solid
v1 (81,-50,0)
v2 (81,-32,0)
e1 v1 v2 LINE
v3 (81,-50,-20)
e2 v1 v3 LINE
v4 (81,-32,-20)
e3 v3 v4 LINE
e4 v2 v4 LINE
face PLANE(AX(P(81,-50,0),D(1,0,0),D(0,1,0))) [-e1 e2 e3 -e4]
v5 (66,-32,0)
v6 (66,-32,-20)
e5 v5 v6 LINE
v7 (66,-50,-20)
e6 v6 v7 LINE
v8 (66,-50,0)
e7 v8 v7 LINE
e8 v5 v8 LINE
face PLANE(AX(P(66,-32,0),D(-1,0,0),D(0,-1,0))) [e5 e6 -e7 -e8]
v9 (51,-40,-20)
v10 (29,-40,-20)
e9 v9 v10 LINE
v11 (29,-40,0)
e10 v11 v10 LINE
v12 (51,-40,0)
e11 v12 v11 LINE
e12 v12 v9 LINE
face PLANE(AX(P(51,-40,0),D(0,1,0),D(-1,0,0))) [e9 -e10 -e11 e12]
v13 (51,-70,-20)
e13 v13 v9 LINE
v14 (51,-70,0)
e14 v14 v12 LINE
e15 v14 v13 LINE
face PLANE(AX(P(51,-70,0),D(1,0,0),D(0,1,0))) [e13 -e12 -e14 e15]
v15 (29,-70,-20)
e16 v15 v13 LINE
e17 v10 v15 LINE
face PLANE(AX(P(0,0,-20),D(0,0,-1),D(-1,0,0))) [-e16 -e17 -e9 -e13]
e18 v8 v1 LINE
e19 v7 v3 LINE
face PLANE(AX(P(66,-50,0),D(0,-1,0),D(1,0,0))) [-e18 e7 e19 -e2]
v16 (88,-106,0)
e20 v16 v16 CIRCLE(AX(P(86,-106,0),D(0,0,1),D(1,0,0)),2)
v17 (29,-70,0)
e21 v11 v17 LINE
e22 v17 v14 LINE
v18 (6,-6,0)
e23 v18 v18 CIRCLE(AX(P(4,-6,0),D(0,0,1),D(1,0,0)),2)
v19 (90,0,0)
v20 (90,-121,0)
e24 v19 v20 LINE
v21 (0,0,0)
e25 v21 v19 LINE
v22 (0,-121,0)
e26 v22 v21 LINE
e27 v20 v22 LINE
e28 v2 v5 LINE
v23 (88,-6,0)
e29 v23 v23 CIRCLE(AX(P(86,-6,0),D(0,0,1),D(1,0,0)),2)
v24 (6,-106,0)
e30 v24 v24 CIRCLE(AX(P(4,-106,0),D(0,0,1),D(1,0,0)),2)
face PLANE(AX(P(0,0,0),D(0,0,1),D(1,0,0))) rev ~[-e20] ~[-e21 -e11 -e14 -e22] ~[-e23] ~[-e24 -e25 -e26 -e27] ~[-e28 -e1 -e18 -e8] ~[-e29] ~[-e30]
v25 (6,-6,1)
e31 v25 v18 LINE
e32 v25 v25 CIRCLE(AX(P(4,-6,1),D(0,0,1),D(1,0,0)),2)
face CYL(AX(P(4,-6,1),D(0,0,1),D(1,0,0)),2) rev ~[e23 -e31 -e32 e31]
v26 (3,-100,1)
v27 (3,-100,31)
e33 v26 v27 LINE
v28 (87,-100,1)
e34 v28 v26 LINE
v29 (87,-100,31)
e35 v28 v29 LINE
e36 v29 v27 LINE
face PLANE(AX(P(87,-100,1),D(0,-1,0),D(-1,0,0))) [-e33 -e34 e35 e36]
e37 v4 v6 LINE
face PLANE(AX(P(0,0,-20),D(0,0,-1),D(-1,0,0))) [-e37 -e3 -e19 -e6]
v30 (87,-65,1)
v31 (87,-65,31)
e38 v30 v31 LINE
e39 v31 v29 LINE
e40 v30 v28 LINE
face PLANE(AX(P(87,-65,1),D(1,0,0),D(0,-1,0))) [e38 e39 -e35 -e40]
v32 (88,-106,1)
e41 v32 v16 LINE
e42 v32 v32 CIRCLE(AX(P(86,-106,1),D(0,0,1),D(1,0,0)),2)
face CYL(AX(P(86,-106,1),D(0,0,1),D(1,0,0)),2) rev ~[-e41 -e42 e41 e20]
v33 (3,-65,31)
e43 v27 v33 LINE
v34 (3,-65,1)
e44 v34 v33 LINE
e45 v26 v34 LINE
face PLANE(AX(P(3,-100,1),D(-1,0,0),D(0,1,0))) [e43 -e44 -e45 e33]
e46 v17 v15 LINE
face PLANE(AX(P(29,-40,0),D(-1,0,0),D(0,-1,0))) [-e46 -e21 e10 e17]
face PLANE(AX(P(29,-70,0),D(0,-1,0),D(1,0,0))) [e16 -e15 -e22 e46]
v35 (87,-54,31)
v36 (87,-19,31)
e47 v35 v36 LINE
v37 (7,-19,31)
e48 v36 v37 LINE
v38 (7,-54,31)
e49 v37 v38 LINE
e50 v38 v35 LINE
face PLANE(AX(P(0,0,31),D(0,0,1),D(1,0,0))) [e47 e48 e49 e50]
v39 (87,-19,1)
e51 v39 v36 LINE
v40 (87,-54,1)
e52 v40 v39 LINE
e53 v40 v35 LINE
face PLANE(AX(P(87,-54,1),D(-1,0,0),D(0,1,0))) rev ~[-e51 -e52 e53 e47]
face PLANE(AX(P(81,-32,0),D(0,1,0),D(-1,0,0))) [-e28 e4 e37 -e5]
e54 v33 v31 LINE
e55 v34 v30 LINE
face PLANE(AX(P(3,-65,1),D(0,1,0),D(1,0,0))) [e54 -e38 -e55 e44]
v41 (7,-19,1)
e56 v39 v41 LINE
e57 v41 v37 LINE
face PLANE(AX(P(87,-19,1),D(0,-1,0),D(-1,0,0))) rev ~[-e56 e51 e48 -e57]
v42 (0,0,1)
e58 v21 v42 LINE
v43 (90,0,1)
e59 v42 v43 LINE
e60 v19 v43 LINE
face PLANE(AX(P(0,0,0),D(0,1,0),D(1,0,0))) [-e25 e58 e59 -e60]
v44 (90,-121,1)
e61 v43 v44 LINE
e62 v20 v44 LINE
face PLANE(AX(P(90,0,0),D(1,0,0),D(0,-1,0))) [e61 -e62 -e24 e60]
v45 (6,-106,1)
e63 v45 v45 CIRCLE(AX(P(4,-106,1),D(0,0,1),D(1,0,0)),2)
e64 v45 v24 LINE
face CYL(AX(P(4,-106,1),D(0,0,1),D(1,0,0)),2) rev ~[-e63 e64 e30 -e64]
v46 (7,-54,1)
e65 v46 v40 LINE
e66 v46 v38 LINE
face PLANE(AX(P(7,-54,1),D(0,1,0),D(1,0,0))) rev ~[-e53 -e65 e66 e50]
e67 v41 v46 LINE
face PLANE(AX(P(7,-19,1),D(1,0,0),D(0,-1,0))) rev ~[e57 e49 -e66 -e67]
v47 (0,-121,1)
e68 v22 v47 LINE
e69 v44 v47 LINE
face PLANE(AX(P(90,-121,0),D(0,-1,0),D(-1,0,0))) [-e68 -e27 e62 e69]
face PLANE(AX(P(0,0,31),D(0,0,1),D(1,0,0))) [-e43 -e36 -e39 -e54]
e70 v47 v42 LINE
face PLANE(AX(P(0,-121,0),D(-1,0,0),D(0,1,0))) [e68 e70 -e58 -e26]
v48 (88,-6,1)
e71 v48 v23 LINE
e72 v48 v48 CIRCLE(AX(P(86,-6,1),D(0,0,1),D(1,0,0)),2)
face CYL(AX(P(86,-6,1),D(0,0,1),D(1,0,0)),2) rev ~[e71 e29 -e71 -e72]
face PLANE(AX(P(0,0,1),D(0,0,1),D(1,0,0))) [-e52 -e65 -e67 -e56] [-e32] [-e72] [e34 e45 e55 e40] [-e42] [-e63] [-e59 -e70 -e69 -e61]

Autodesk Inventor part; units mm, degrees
ref_plane "YZ Plane" through (0, 0, 0) normal (1, 0, 0) x (0, 1, 0)
ref_plane "XZ Plane" through (0, 0, 0) normal (0, 1, 0) x (-1, 0, 0)
ref_plane "XY Plane" through (0, 0, 0) normal (0, 0, 1) x (1, 0, 0)
sketch "Schizzo1" plane through (0, 0, 0) normal (0, 0, 1) x (1, 0, 0)
  line L0 (0, 0) -> (90, 0)
  line L1 (90, 0) -> (90, -121)
  line L2 (90, -121) -> (0, -121)
  line L3 (0, -121) -> (0, 0)
  dimension "d0" = 90
  dimension "d1" = 121
extrude "Estrusione1" add sketch "Schizzo1" along normal blind 1
sketch "Schizzo2" plane through (0, 0, 0) normal (0, 0, -1) x (-1, 0, 0)
  line L0 (-90, 0) -> (-90, -32)
  line L1 (-90, -121) -> (-90, 0) projected
  line L2 (-81, -32) -> (-66, -32)
  line L3 (-66, -32) -> (-66, -50)
  line L4 (-66, -50) -> (-81, -50)
  line L5 (-81, -50) -> (-81, -32)
  line L6 (-90, 0) -> (-90, -40)
  line L7 (-51, -40) -> (-29, -40)
  line L8 (-29, -40) -> (-29, -70)
  line L9 (-29, -70) -> (-51, -70)
  line L10 (-51, -70) -> (-51, -40)
  dimension "d10" = 22
  dimension "d11" = 30
extrude "Estrusione2" add sketch "Schizzo2" along normal blind 20
sketch "Schizzo3" plane through (0, 0, 1) normal (0, 0, 1) x (1, 0, 0)
  line L0 (90, -121) -> (90, 0) projected
  line L1 (90, 0) -> (90, -19)
  line L2 (87, -19) -> (7, -19)
  line L3 (7, -19) -> (7, -54)
  line L4 (7, -54) -> (87, -54)
  line L5 (87, -54) -> (87, -19)
  line L6 (90, -121) -> (90, -100)
  line L7 (87, -100) -> (3, -100)
  line L8 (3, -100) -> (3, -65)
  line L9 (3, -65) -> (87, -65)
  line L10 (87, -65) -> (87, -100)
  dimension "d16" = 80
  dimension "d17" = 35
  dimension "d19" = 84
  dimension "d20" = 35
extrude "Estrusione3" add sketch "Schizzo3" along normal blind 30
sketch "Schizzo4" plane through (0, 0, 1) normal (0, 0, 1) x (1, 0, 0)
  line L0 (90, -121) -> (90, 0) projected
  line L1 (90, 0) -> (90, -6)
  circle A0 centre (86, -6) radius 2
  circle A1 centre (4, -6) radius 2
  circle A2 centre (86, -106) radius 2
  circle A3 centre (4, -106) radius 2
  dimension "d28" = 4
  dimension "d32" = 4
  dimension "d33" = 4
extrude "Estrusione4" cut sketch "Schizzo4" against normal up to surface (1 mm away)
properties part number "pcb" material "Plastica ABS"
